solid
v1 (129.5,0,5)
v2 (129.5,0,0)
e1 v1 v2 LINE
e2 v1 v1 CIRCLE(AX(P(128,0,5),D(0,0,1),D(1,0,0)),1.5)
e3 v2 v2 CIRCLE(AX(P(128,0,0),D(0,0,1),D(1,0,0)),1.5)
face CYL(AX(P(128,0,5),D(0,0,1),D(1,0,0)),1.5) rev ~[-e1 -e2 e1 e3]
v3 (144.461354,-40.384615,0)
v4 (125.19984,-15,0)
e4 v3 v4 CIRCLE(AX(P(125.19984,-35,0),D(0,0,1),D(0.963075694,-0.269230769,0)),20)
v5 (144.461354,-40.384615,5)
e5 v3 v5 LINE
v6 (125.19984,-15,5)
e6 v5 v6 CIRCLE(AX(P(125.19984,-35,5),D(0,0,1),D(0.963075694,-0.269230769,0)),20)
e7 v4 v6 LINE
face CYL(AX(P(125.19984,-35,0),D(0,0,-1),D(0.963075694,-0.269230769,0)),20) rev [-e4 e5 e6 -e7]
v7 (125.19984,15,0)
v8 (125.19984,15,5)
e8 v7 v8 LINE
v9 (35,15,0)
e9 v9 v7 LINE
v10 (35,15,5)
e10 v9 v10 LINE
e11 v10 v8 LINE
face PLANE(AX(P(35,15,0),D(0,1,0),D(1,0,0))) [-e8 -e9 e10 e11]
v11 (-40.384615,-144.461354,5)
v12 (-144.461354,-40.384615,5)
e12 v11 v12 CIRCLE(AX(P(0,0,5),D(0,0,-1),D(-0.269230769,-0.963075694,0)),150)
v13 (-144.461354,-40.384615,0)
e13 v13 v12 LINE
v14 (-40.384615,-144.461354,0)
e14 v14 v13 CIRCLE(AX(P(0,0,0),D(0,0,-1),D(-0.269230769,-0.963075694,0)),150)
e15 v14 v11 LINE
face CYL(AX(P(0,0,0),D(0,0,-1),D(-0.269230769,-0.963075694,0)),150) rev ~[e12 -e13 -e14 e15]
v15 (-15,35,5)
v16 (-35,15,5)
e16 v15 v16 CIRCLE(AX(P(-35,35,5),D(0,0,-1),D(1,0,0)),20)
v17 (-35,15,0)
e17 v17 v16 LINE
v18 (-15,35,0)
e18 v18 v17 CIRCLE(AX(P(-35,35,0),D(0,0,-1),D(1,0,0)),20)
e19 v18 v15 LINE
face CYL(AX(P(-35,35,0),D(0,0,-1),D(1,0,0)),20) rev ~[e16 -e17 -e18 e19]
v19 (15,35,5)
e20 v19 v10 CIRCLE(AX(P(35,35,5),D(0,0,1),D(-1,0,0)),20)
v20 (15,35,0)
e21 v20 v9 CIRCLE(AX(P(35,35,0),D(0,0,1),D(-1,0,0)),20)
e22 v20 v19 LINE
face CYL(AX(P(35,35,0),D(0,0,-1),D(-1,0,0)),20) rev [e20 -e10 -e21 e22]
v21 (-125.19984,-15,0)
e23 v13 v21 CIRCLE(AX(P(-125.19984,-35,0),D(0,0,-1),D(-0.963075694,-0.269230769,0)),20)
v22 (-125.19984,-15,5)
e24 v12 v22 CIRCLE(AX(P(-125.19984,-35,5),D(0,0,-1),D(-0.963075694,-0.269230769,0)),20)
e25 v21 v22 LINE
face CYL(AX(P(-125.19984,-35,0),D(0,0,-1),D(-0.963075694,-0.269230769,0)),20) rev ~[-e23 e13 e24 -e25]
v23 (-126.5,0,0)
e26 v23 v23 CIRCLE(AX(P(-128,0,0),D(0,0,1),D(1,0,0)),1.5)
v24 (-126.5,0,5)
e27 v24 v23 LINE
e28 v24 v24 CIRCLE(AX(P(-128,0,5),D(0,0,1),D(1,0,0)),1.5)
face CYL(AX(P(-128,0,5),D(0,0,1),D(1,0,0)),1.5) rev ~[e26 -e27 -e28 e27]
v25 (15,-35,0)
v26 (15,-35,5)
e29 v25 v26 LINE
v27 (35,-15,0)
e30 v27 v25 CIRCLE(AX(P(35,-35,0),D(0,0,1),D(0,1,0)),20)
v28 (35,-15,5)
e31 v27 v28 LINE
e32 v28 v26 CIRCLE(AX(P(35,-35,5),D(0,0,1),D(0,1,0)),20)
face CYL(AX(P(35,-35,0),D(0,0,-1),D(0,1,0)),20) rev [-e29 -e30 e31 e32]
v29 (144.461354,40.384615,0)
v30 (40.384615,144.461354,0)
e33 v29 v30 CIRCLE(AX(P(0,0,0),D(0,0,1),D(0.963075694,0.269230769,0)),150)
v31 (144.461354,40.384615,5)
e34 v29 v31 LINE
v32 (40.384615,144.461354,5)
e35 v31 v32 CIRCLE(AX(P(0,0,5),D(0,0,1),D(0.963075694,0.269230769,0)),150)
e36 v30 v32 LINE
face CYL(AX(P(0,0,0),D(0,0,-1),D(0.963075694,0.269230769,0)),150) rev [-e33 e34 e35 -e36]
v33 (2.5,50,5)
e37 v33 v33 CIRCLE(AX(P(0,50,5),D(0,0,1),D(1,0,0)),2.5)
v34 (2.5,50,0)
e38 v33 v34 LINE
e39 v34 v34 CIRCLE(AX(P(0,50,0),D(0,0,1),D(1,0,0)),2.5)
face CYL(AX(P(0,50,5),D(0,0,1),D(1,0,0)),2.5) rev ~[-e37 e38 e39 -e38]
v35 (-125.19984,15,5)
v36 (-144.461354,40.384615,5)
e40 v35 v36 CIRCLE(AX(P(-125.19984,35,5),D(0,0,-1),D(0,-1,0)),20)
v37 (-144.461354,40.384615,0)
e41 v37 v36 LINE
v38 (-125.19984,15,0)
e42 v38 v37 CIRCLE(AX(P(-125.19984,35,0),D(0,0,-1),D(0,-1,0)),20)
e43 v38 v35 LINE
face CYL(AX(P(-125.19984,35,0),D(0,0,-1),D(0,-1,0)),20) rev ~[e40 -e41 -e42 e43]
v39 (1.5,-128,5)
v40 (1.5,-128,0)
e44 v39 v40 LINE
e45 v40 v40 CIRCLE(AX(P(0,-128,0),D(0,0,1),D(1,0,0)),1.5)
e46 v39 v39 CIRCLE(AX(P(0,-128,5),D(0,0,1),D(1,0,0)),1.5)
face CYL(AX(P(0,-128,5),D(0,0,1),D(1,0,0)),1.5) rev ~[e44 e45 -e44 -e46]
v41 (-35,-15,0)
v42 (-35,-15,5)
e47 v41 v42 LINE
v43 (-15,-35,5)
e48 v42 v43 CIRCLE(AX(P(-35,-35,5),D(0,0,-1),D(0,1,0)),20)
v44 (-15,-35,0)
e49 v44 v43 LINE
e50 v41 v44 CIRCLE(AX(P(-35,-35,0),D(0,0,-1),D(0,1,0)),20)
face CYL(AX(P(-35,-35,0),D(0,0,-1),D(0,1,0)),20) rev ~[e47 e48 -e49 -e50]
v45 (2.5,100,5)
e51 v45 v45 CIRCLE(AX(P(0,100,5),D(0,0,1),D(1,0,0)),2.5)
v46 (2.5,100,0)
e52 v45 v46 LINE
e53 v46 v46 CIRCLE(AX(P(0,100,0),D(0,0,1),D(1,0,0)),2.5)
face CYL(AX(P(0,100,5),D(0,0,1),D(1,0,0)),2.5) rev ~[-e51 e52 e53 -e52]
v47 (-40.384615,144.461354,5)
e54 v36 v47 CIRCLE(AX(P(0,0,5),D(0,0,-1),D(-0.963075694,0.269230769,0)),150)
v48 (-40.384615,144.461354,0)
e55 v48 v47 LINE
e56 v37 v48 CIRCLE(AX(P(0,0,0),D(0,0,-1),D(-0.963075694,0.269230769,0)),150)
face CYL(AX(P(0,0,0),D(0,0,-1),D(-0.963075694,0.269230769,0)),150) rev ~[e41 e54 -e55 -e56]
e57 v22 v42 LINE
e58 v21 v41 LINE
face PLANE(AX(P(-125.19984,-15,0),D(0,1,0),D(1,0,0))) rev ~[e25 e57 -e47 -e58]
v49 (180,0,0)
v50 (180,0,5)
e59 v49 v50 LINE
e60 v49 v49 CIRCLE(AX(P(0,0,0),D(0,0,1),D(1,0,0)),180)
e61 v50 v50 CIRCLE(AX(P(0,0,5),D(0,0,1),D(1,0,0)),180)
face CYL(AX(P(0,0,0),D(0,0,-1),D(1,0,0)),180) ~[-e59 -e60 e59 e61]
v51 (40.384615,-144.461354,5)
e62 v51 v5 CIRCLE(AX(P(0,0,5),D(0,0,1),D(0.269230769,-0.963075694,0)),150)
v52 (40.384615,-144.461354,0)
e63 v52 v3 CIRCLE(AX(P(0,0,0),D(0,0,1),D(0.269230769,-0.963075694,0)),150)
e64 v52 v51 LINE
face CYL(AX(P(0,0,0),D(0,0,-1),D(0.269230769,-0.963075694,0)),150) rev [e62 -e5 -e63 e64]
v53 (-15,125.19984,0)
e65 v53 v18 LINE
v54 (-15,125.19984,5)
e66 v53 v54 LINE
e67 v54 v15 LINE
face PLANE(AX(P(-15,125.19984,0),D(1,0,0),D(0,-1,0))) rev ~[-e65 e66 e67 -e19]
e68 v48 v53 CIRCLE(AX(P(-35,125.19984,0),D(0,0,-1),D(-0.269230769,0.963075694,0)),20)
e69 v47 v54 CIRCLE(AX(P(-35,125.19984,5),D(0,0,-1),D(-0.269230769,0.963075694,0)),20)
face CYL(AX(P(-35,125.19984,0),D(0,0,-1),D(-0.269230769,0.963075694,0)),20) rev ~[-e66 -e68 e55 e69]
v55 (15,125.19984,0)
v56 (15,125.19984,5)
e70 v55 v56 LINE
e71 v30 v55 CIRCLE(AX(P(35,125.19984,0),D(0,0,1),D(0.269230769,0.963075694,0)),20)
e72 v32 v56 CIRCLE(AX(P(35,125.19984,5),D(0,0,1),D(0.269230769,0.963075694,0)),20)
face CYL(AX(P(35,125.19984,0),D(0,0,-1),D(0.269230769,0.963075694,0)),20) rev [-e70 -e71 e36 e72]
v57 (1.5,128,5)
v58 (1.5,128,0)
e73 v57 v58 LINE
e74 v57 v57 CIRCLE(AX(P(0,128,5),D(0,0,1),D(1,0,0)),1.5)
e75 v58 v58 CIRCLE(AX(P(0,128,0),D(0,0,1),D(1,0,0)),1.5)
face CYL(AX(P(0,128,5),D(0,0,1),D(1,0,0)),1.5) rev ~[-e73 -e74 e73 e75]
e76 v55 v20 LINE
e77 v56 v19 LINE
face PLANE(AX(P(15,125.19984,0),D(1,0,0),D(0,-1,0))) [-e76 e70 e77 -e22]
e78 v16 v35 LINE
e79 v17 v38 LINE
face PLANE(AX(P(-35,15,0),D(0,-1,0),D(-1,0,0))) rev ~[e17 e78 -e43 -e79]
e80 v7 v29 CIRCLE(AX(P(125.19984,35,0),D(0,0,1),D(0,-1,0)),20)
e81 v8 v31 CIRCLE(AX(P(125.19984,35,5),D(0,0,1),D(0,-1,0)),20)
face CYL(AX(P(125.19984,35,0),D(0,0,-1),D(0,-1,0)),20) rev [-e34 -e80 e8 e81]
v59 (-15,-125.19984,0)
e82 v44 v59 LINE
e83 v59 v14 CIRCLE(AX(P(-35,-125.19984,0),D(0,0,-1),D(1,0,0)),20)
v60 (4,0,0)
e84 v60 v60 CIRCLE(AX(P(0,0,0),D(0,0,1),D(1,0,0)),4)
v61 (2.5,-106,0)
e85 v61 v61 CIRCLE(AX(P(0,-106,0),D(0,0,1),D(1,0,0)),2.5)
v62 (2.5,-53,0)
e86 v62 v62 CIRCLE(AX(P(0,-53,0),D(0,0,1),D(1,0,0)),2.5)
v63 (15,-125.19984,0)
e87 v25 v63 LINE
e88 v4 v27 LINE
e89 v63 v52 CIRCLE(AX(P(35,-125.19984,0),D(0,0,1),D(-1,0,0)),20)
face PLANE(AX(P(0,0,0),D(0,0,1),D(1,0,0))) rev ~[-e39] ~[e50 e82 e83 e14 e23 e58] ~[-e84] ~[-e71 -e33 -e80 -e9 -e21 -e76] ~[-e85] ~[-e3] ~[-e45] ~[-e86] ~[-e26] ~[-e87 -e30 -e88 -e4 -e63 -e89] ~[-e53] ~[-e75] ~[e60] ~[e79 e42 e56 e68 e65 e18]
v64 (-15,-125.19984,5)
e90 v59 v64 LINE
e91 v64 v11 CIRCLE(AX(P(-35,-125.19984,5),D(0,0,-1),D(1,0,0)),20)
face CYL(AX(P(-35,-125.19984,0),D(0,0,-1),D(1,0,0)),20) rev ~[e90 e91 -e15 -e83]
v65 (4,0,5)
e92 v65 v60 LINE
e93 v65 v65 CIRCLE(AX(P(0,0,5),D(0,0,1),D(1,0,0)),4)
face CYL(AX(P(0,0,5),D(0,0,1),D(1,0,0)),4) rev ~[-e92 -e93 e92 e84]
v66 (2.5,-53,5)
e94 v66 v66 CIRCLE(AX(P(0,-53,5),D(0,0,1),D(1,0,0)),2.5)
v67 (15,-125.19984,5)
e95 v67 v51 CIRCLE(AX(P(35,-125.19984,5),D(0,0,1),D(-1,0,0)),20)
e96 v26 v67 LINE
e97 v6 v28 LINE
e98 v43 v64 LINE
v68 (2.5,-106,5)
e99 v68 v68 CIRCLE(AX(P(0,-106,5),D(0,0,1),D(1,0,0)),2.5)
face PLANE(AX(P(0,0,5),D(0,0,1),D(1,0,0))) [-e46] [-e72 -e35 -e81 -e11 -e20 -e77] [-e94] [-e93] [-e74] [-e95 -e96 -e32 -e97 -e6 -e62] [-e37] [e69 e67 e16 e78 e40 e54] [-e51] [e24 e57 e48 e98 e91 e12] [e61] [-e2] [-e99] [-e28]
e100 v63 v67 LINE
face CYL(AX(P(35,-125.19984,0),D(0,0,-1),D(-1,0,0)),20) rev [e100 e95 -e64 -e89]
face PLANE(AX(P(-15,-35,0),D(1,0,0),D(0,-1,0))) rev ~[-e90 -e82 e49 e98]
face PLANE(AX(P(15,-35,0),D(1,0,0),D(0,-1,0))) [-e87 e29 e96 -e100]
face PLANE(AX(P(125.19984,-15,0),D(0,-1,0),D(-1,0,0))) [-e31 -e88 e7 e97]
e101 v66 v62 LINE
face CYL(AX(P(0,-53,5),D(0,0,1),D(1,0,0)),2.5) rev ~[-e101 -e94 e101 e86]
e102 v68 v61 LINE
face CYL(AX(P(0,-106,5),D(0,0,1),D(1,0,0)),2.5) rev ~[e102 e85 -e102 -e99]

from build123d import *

# Parameters (mm, degrees)
SKETCH1_R           = 180
BOSS_EXTRUDE1_DEPTH = 5
SKETCH2_R           = 4
CUT_EXTRUDE1_DEPTH  = 6
SKETCH3_R           = 2.5
CUT_EXTRUDE2_DEPTH  = 6
SKETCH4_R           = 1.5
CUT_EXTRUDE3_DEPTH  = 6


with BuildPart() as part:
    # Sketch1 → Boss-Extrude1 (new body)
    with BuildSketch(Plane.XY):
        Circle(SKETCH1_R)
        with BuildLine():
            Line((-15, 125.199840255), (-15, 35))
            ThreePointArc((-15, 35), (-20.857864376, 20.857864376), (-35, 15))
            Line((-35, 15), (-125.199840255, 15))
            ThreePointArc((-125.199840255, 15), (-141.132390392, 22.910589503), (-144.461354141, 40.384615385))
            ThreePointArc((-144.461354141, 40.384615385), (-106.066017178, 106.066017178), (-40.384615385, 144.461354141))
            ThreePointArc((-40.384615385, 144.461354141), (-22.910589503, 141.132390392), (-15, 125.199840255))
        make_face(mode=Mode.SUBTRACT)
        with BuildLine():
            Line((15, 125.199840255), (15, 35))
            ThreePointArc((15, 35), (20.857864376, 20.857864376), (35, 15))
            Line((35, 15), (125.199840255, 15))
            ThreePointArc((125.199840255, 15), (141.132390392, 22.910589503), (144.461354141, 40.384615385))
            ThreePointArc((144.461354141, 40.384615385), (106.066017178, 106.066017178), (40.384615385, 144.461354141))
            ThreePointArc((40.384615385, 144.461354141), (22.910589503, 141.132390392), (15, 125.199840255))
        make_face(mode=Mode.SUBTRACT)
        with BuildLine():
            Line((125.199840255, -15), (35, -15))
            ThreePointArc((35, -15), (20.857864376, -20.857864376), (15, -35))
            Line((15, -35), (15, -125.199840255))
            ThreePointArc((15, -125.199840255), (22.910589503, -141.132390392), (40.384615385, -144.461354141))
            ThreePointArc((40.384615385, -144.461354141), (106.066017178, -106.066017178), (144.461354141, -40.384615385))
            ThreePointArc((144.461354141, -40.384615385), (141.132390392, -22.910589503), (125.199840255, -15))
        make_face(mode=Mode.SUBTRACT)
        with BuildLine():
            Line((-15, -35), (-15, -125.199840255))
            ThreePointArc((-15, -125.199840255), (-22.910589503, -141.132390392), (-40.384615385, -144.461354141))
            ThreePointArc((-40.384615385, -144.461354141), (-106.066017178, -106.066017178), (-144.461354141, -40.384615385))
            ThreePointArc((-144.461354141, -40.384615385), (-141.132390392, -22.910589503), (-125.199840255, -15))
            Line((-125.199840255, -15), (-35, -15))
            ThreePointArc((-35, -15), (-20.857864376, -20.857864376), (-15, -35))
        make_face(mode=Mode.SUBTRACT)
    extrude(amount=BOSS_EXTRUDE1_DEPTH)

    # Sketch2 → Cut-Extrude1 (cut, through all)
    with BuildSketch(Plane.XY.offset(5)):
        Circle(SKETCH2_R)
    extrude(amount=-CUT_EXTRUDE1_DEPTH, mode=Mode.SUBTRACT)

    # Sketch3 → Cut-Extrude2 (cut, through all)
    with BuildSketch(Plane.XY.offset(5)):
        with Locations((0, 50)):
            Circle(SKETCH3_R)
        with Locations((0, 100)):
            Circle(SKETCH3_R)
        with Locations((0, -53)):
            Circle(SKETCH3_R)
        with Locations((0, -106)):
            Circle(SKETCH3_R)
    extrude(amount=-CUT_EXTRUDE2_DEPTH, mode=Mode.SUBTRACT)

    # Sketch4 → Cut-Extrude3 (cut, through all)
    with BuildSketch(Plane.XY.offset(5)):
        with Locations((0, 128)):
            Circle(SKETCH4_R)
        with Locations((128, 0)):
            Circle(SKETCH4_R)
        with Locations((0, -128)):
            Circle(SKETCH4_R)
        with Locations((-128, 0)):
            Circle(SKETCH4_R)
    extrude(amount=-CUT_EXTRUDE3_DEPTH, mode=Mode.SUBTRACT)


solid = part.part
